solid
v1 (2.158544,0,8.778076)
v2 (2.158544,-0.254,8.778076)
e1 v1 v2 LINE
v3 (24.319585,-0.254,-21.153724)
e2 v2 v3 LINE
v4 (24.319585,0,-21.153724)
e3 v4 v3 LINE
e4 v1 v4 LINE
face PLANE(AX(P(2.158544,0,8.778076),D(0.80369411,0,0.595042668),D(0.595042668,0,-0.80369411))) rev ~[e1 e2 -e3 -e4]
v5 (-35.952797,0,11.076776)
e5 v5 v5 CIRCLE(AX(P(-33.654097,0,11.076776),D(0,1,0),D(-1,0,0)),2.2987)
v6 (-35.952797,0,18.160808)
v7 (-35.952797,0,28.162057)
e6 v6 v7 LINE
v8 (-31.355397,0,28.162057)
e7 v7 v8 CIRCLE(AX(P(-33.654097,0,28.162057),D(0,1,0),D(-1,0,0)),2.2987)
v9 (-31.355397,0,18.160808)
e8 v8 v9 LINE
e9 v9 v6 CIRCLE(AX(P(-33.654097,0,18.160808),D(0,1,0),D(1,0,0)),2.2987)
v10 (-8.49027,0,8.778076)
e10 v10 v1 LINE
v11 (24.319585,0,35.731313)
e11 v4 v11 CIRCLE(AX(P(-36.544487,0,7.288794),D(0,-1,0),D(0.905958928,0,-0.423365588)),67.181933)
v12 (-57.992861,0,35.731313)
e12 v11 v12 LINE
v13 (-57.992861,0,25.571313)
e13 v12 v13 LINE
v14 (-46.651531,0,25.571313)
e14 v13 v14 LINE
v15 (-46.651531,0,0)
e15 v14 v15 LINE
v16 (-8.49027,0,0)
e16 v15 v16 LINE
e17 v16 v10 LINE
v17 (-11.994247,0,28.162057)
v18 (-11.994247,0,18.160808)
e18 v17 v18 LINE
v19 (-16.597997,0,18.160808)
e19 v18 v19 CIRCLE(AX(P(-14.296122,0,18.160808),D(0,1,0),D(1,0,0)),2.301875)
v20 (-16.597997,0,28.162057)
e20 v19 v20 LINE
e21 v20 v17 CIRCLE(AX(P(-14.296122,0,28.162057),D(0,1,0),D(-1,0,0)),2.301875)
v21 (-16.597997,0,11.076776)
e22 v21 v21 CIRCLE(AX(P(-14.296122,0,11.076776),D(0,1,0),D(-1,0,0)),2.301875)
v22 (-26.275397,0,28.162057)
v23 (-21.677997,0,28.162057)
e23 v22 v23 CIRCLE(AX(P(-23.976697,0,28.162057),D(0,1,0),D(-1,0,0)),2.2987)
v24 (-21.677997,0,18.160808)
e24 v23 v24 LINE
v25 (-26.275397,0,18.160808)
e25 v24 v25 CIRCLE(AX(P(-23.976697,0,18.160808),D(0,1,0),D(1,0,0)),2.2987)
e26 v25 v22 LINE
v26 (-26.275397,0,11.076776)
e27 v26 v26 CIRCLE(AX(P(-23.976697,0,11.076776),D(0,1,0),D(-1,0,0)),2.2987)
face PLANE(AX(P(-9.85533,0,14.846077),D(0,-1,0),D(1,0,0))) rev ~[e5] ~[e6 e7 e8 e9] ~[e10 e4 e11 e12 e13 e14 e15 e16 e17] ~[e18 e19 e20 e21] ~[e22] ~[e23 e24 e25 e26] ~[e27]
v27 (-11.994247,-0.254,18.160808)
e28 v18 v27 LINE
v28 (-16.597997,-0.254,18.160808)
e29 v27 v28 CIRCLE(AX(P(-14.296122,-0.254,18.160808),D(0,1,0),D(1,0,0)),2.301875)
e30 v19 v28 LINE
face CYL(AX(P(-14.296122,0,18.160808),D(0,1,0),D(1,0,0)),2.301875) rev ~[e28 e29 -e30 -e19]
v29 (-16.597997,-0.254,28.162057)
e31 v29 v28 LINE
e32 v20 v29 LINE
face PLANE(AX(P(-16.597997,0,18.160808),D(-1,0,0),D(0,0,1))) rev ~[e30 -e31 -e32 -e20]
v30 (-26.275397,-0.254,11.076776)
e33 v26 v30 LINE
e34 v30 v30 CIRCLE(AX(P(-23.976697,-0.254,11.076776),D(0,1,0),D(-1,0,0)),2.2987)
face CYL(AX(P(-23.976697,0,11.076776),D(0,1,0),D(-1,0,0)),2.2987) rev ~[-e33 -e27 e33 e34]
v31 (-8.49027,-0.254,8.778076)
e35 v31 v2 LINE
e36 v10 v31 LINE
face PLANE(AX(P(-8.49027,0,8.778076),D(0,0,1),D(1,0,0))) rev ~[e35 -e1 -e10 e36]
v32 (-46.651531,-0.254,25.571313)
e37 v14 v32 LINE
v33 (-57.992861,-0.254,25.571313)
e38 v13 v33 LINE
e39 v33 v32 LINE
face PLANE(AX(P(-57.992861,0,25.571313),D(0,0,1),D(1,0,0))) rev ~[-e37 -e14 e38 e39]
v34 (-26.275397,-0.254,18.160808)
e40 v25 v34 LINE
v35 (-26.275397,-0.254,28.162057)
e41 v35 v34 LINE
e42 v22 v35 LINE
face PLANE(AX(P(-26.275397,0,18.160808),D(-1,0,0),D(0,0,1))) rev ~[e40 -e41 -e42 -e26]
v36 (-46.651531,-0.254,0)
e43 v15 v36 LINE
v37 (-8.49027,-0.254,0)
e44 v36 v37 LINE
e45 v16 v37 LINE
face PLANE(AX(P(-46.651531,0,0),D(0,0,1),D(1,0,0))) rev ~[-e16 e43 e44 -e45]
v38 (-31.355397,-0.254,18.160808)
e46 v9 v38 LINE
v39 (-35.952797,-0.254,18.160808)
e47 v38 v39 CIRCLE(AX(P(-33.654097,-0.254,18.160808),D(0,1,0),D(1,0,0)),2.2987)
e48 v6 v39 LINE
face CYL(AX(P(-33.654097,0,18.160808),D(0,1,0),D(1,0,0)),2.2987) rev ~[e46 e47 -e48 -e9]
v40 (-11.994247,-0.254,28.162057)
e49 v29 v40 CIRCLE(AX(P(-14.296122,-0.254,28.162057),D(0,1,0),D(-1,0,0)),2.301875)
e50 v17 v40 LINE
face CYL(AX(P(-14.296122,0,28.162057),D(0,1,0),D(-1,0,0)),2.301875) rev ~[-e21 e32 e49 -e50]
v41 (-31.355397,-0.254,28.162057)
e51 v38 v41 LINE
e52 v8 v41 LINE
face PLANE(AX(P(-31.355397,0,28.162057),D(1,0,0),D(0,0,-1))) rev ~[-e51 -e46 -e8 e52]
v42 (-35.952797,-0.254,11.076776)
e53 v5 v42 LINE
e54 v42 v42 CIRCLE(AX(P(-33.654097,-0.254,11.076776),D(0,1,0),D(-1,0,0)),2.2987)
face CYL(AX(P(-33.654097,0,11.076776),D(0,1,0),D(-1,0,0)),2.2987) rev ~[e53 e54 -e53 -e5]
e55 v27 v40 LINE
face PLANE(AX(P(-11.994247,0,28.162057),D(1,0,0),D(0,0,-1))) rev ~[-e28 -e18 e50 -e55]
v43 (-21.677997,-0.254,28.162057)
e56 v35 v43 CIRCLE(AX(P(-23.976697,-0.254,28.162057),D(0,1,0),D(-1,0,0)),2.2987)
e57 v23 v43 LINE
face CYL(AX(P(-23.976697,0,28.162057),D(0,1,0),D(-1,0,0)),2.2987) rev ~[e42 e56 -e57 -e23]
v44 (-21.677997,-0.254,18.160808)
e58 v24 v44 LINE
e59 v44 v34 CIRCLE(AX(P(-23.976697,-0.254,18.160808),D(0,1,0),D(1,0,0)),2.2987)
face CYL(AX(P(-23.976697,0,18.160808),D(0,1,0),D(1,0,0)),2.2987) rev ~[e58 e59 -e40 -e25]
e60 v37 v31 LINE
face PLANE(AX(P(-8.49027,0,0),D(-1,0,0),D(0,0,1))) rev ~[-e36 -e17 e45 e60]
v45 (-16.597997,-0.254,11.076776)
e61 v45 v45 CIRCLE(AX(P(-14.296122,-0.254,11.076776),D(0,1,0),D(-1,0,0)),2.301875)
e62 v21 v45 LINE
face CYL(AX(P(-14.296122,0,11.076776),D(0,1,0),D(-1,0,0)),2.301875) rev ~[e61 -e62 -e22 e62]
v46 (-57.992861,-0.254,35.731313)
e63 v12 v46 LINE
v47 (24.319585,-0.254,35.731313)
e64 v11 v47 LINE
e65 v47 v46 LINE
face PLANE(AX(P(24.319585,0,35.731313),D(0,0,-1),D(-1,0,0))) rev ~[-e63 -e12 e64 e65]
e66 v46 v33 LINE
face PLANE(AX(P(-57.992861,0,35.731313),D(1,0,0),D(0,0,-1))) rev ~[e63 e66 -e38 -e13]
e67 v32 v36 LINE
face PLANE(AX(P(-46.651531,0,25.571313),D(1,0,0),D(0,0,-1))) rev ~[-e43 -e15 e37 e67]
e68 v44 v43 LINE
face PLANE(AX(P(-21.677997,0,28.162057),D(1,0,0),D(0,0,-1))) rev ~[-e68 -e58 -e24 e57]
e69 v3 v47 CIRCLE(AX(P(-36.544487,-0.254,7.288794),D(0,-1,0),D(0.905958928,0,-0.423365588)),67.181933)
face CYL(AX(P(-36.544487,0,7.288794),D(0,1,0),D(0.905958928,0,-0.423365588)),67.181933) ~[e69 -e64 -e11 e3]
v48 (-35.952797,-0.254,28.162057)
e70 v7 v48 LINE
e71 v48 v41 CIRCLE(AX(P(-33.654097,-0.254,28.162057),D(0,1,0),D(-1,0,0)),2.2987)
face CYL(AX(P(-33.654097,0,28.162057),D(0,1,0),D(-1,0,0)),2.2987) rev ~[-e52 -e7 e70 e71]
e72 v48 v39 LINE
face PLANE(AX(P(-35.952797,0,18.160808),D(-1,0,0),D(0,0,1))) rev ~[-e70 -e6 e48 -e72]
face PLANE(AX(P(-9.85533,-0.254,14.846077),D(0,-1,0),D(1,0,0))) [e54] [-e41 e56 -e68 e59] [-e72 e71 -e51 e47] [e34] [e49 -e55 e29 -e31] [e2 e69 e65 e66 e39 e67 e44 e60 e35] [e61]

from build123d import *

# Parameters (mm, degrees)
F1_DEPTH = 0.254
F2_R     = 2.2987
F2_R_2   = 2.301875
F3_DEPTH = 25.4


with BuildPart() as f1:
    # F0 (on Front) → F1 (new body)
    with BuildSketch(Plane.XZ):
        with BuildLine():
            Line((24.319585, 35.731313), (-57.992861, 35.731313))
            Line((-57.992861, 35.731313), (-57.992861, 25.571313))
            Line((-57.992861, 25.571313), (-46.651531, 25.571313))
            Line((-46.651531, 25.571313), (-46.651531, 0))
            Line((-46.651531, 0), (-8.49027, 0))
            Line((-8.49027, 0), (-8.49027, 8.778076))
            Line((-8.49027, 8.778076), (2.158544, 8.778076))
            Line((2.158544, 8.778076), (24.319585, -21.153724))
            ThreePointArc((24.319585, -21.153724), (30.637446, 7.288795), (24.319585, 35.731313))
        make_face()
    extrude(amount=F1_DEPTH)

    # F2 (on face) → F3 (cut)
    with BuildSketch(Plane(origin=(0, 0, 0), x_dir=(-1, 0, 0), z_dir=(0, 1, 0))):
        with BuildLine():
            ThreePointArc((16.597997, 28.162057), (14.296122, 30.463932), (11.994247, 28.162057))
            Line((11.994247, 28.162057), (11.994247, 18.160808))
            ThreePointArc((11.994247, 18.160808), (14.296122, 15.858933), (16.597997, 18.160808))
            Line((16.597997, 18.160808), (16.597997, 28.162057))
        make_face()
        with BuildLine():
            ThreePointArc((26.275397, 28.162057), (23.976697, 30.460757), (21.677997, 28.162057))
            Line((21.677997, 28.162057), (21.677997, 18.160808))
            ThreePointArc((21.677997, 18.160808), (23.976697, 15.862108), (26.275397, 18.160808))
            Line((26.275397, 18.160808), (26.275397, 28.162057))
        make_face()
        with BuildLine():
            ThreePointArc((35.952797, 28.162057), (33.654097, 30.460757), (31.355397, 28.162057))
            Line((31.355397, 28.162057), (31.355397, 18.160808))
            ThreePointArc((31.355397, 18.160808), (33.654097, 15.862108), (35.952797, 18.160808))
            Line((35.952797, 18.160808), (35.952797, 28.162057))
        make_face()
        with Locations((23.976697, 11.076776)):
            Circle(F2_R)
        with Locations((14.296122, 11.076776)):
            Circle(F2_R_2)
        with Locations((33.654097, 11.076776)):
            Circle(F2_R)
    extrude(amount=-F3_DEPTH, mode=Mode.SUBTRACT)


solid = f1.part
